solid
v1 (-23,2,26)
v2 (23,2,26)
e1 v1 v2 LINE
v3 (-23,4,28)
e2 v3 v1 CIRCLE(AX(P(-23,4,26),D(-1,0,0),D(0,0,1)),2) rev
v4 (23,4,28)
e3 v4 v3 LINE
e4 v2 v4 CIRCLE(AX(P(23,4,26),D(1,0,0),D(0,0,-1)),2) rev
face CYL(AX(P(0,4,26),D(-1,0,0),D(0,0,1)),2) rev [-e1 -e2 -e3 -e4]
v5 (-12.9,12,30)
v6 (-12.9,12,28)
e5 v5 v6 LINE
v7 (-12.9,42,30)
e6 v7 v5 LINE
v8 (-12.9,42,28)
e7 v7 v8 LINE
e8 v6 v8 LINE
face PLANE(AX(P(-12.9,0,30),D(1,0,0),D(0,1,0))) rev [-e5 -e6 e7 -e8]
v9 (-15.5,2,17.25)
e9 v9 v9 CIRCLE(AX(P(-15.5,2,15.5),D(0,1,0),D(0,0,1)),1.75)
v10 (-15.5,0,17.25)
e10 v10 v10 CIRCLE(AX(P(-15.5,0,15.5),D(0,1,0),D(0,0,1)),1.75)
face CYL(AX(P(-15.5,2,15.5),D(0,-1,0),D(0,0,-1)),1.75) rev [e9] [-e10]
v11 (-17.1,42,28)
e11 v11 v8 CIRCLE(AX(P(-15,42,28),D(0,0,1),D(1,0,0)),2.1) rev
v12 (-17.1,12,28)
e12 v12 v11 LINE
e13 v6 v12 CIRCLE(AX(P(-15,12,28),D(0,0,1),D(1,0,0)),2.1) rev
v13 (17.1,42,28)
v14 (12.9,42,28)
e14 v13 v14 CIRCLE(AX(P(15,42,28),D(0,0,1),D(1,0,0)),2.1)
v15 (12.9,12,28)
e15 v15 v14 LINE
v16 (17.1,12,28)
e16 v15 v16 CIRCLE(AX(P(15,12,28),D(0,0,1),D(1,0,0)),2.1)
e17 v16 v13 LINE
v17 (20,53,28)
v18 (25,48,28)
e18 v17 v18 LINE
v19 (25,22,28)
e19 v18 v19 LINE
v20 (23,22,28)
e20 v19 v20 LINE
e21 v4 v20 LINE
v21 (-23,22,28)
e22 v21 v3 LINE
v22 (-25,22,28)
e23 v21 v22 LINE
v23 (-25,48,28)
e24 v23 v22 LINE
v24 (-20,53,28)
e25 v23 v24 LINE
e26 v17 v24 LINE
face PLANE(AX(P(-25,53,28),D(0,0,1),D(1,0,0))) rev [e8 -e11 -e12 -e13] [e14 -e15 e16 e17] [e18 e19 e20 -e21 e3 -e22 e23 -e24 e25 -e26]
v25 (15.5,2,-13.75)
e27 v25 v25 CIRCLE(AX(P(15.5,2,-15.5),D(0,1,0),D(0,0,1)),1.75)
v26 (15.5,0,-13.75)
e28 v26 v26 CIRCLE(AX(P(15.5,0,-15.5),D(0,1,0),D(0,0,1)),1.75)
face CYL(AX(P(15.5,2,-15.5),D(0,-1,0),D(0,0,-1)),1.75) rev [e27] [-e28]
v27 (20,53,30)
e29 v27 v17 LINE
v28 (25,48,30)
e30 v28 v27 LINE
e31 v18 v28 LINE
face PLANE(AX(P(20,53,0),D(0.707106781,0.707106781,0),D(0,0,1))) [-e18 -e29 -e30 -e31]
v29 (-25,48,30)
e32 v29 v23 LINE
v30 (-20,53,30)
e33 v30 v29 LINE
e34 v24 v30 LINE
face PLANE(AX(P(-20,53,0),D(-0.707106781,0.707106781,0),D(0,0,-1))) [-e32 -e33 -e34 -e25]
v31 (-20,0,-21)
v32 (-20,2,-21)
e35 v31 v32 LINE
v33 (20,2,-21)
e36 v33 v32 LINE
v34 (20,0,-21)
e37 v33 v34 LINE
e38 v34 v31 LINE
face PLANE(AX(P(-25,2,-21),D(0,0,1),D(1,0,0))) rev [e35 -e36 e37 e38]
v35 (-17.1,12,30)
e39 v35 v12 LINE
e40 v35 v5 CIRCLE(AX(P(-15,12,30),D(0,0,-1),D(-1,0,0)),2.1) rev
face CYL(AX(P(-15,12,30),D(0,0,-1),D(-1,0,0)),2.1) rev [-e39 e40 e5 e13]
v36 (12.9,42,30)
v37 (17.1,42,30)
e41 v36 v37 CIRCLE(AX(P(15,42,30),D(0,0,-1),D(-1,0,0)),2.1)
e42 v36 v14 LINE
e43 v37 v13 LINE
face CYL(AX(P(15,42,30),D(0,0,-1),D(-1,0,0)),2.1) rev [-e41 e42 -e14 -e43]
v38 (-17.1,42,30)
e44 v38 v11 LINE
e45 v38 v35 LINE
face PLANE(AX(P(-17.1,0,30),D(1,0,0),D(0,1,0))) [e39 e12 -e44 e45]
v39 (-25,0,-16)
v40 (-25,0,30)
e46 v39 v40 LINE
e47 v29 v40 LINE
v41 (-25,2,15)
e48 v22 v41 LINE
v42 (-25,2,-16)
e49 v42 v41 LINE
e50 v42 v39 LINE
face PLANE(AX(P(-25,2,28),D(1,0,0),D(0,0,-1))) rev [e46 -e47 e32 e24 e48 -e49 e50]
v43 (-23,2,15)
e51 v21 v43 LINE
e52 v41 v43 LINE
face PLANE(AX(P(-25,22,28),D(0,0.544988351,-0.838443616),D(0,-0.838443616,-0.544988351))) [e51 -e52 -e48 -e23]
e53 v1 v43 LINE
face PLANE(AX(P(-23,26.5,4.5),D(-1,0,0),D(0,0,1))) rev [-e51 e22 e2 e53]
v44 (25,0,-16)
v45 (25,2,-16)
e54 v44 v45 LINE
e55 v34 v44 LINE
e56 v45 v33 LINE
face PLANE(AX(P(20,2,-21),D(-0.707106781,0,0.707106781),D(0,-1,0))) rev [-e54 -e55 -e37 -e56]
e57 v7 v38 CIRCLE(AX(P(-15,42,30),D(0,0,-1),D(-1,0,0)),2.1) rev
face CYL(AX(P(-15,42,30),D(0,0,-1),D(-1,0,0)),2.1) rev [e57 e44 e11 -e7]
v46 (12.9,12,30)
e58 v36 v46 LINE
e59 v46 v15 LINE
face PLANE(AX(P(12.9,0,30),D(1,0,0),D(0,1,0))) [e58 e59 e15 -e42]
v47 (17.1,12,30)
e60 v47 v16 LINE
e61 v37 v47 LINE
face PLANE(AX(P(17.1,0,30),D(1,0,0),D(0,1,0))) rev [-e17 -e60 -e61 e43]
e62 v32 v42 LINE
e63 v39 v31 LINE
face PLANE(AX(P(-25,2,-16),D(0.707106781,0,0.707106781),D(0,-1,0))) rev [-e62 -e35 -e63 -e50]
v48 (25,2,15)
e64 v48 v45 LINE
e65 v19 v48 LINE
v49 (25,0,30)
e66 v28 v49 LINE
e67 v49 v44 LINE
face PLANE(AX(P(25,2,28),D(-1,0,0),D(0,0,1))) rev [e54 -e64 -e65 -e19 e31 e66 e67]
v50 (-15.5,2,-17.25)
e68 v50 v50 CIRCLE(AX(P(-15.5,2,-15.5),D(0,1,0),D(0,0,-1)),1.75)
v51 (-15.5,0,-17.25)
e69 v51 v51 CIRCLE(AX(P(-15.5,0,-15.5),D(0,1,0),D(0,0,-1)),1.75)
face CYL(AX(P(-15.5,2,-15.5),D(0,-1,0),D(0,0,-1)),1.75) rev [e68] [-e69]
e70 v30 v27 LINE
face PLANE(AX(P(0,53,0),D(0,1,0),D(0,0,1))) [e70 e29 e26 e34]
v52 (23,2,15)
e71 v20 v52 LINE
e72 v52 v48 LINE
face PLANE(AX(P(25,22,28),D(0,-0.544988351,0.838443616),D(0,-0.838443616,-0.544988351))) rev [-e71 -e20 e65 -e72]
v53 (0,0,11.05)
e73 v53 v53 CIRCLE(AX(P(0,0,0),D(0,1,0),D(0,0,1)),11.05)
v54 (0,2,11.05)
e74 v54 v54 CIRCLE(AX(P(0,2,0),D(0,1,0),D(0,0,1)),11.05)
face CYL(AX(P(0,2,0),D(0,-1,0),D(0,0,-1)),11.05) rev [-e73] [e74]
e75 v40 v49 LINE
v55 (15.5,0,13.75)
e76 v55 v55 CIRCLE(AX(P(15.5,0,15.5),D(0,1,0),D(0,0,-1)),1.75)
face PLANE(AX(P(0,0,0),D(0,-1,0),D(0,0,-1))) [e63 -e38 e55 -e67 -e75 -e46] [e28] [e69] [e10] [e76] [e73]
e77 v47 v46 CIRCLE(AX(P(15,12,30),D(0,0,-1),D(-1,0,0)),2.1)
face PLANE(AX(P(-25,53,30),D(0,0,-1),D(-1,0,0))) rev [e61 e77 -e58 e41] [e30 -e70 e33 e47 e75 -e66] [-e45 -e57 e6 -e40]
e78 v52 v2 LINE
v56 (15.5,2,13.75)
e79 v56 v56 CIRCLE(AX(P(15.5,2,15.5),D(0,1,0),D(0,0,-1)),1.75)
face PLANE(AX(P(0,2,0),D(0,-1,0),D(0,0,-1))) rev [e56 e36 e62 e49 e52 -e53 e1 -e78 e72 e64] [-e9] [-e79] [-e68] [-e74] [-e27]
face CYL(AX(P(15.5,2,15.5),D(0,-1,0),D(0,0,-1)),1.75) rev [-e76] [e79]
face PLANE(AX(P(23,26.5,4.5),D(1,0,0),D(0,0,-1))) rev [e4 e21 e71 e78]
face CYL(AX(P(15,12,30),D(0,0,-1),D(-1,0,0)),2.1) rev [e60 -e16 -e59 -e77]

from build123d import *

# Parameters (mm, degrees)
SKETCH_1_W               = 50
SKETCH_1_H               = 49
SKETCH_1_R               = 11.05
SKETCH_1_R_2             = 1.75
EXTRUDE_1_DEPTH          = 2
CHAMFER_1_SIZE           = 5
SKETCH_3_W               = 50
SKETCH_3_H               = 2
EXTRUDE_2_DEPTH          = 53
CHAMFER_2_SIZE           = 5
CHAMFER_3_SIZE           = 5
CUT_EXTRUDE_1_DEPTH      = 77.387171698
CUT_EXTRUDE_1_DEPTH_BACK = 77.387171698
RIB_1_REACH              = 80.797
SKETCH_5_WALL_W          = 183.448137028
SKETCH_5_WALL_H          = 2
FILLET_1_R               = 2


with BuildPart() as part:
    # 草图1 → 凸台-拉伸1 (new body)
    with BuildSketch(Plane(origin=(0, 0, 0), x_dir=(1, 0, 0), z_dir=(0, 1, 0))):
        with Locations((0, -3.5)):
            Rectangle(SKETCH_1_W, SKETCH_1_H)
        with Locations(Location((0, 0, 0), (0, 0, 270))):
            Circle(SKETCH_1_R, mode=Mode.SUBTRACT)
        with Locations(Location((15.5, 15.5, 0), (0, 0, 270))):
            Circle(SKETCH_1_R_2, mode=Mode.SUBTRACT)
        with Locations(Location((15.5, -15.5, 0), (0, 0, 90))):
            Circle(SKETCH_1_R_2, mode=Mode.SUBTRACT)
        with Locations(Location((-15.5, -15.5, 0), (0, 0, 270))):
            Circle(SKETCH_1_R_2, mode=Mode.SUBTRACT)
        with Locations(Location((-15.5, 15.5, 0), (0, 0, 90))):
            Circle(SKETCH_1_R_2, mode=Mode.SUBTRACT)
    extrude(amount=EXTRUDE_1_DEPTH)

    # 倒角1
    chamfer_1_edges = [part.edges().sort_by_distance(p)[0] for p in [
        (-25, 1, -21),
        (25, 1, -21),
    ]]
    chamfer(chamfer_1_edges, length=CHAMFER_1_SIZE)

    # 草图3 → 凸台-拉伸2 (add)
    with BuildSketch(Plane(origin=(0, 0, 0), x_dir=(1, 0, 0), z_dir=(0, 1, 0))):
        with Locations((0, -29)):
            Rectangle(SKETCH_3_W, SKETCH_3_H)
    extrude(amount=EXTRUDE_2_DEPTH)

    # 倒角2
    chamfer_2_edges = [part.edges().sort_by_distance(p)[0] for p in [
        (-25, 53, 29),
    ]]
    chamfer(chamfer_2_edges, length=CHAMFER_2_SIZE)

    # 倒角3
    chamfer_3_edges = [part.edges().sort_by_distance(p)[0] for p in [
        (25, 53, 29),
    ]]
    chamfer(chamfer_3_edges, length=CHAMFER_3_SIZE)

    # 草图4 → 切除-拉伸1 (cut, two sides: drawn at the far end of the back side and taken through both)
    with BuildSketch(Plane(origin=(0, 0, 28), x_dir=(-1, 0, 0), z_dir=(0, 0, -1)).offset(-CUT_EXTRUDE_1_DEPTH_BACK)):
        with BuildLine():
            Line((-17.1, 42), (-17.1, 12))
            ThreePointArc((-17.1, 12), (-15, 9.9), (-12.9, 12))
            Line((-12.9, 12), (-12.9, 42))
            ThreePointArc((-12.9, 42), (-15, 44.1), (-17.1, 42))
        make_face()
        with BuildLine():
            ThreePointArc((17.1, 12), (15, 9.9), (12.9, 12))
            Line((12.9, 12), (12.9, 42))
            ThreePointArc((12.9, 42), (15, 44.1), (17.1, 42))
            Line((17.1, 42), (17.1, 12))
        make_face()
    extrude(amount=CUT_EXTRUDE_1_DEPTH + CUT_EXTRUDE_1_DEPTH_BACK, mode=Mode.SUBTRACT)

    # 草图5 wall → 筋1 (add, up to next)
    with BuildSketch(Plane(origin=(25, 12, 21.5), x_dir=(0, -0.838443616301, -0.544988350595), z_dir=(0, 0.544988350595, -0.838443616301)), mode=Mode.PRIVATE) as rib_1_sk1:
        with Locations((0, 1)):
            Rectangle(SKETCH_5_WALL_W, SKETCH_5_WALL_H)
    rib_1_tool1 = extrude(rib_1_sk1.sketch, amount=-RIB_1_REACH, mode=Mode.PRIVATE) - part.part
    rib_1 = rib_1_tool1.solids().sort_by_distance((25, 12, 21.5))[0]
    add(rib_1)

    # 镜向1: 筋1 across plane
    add(rib_1.mirror(Plane(origin=(0, 0, 0), x_dir=(0, 0, 1), z_dir=(1, 0, 0))))

    # 圆角1
    fillet_1_edges = [part.edges().sort_by_distance(p)[0] for p in [
        (0, 2, 28),
    ]]
    fillet(fillet_1_edges, radius=FILLET_1_R)


solid = part.part
